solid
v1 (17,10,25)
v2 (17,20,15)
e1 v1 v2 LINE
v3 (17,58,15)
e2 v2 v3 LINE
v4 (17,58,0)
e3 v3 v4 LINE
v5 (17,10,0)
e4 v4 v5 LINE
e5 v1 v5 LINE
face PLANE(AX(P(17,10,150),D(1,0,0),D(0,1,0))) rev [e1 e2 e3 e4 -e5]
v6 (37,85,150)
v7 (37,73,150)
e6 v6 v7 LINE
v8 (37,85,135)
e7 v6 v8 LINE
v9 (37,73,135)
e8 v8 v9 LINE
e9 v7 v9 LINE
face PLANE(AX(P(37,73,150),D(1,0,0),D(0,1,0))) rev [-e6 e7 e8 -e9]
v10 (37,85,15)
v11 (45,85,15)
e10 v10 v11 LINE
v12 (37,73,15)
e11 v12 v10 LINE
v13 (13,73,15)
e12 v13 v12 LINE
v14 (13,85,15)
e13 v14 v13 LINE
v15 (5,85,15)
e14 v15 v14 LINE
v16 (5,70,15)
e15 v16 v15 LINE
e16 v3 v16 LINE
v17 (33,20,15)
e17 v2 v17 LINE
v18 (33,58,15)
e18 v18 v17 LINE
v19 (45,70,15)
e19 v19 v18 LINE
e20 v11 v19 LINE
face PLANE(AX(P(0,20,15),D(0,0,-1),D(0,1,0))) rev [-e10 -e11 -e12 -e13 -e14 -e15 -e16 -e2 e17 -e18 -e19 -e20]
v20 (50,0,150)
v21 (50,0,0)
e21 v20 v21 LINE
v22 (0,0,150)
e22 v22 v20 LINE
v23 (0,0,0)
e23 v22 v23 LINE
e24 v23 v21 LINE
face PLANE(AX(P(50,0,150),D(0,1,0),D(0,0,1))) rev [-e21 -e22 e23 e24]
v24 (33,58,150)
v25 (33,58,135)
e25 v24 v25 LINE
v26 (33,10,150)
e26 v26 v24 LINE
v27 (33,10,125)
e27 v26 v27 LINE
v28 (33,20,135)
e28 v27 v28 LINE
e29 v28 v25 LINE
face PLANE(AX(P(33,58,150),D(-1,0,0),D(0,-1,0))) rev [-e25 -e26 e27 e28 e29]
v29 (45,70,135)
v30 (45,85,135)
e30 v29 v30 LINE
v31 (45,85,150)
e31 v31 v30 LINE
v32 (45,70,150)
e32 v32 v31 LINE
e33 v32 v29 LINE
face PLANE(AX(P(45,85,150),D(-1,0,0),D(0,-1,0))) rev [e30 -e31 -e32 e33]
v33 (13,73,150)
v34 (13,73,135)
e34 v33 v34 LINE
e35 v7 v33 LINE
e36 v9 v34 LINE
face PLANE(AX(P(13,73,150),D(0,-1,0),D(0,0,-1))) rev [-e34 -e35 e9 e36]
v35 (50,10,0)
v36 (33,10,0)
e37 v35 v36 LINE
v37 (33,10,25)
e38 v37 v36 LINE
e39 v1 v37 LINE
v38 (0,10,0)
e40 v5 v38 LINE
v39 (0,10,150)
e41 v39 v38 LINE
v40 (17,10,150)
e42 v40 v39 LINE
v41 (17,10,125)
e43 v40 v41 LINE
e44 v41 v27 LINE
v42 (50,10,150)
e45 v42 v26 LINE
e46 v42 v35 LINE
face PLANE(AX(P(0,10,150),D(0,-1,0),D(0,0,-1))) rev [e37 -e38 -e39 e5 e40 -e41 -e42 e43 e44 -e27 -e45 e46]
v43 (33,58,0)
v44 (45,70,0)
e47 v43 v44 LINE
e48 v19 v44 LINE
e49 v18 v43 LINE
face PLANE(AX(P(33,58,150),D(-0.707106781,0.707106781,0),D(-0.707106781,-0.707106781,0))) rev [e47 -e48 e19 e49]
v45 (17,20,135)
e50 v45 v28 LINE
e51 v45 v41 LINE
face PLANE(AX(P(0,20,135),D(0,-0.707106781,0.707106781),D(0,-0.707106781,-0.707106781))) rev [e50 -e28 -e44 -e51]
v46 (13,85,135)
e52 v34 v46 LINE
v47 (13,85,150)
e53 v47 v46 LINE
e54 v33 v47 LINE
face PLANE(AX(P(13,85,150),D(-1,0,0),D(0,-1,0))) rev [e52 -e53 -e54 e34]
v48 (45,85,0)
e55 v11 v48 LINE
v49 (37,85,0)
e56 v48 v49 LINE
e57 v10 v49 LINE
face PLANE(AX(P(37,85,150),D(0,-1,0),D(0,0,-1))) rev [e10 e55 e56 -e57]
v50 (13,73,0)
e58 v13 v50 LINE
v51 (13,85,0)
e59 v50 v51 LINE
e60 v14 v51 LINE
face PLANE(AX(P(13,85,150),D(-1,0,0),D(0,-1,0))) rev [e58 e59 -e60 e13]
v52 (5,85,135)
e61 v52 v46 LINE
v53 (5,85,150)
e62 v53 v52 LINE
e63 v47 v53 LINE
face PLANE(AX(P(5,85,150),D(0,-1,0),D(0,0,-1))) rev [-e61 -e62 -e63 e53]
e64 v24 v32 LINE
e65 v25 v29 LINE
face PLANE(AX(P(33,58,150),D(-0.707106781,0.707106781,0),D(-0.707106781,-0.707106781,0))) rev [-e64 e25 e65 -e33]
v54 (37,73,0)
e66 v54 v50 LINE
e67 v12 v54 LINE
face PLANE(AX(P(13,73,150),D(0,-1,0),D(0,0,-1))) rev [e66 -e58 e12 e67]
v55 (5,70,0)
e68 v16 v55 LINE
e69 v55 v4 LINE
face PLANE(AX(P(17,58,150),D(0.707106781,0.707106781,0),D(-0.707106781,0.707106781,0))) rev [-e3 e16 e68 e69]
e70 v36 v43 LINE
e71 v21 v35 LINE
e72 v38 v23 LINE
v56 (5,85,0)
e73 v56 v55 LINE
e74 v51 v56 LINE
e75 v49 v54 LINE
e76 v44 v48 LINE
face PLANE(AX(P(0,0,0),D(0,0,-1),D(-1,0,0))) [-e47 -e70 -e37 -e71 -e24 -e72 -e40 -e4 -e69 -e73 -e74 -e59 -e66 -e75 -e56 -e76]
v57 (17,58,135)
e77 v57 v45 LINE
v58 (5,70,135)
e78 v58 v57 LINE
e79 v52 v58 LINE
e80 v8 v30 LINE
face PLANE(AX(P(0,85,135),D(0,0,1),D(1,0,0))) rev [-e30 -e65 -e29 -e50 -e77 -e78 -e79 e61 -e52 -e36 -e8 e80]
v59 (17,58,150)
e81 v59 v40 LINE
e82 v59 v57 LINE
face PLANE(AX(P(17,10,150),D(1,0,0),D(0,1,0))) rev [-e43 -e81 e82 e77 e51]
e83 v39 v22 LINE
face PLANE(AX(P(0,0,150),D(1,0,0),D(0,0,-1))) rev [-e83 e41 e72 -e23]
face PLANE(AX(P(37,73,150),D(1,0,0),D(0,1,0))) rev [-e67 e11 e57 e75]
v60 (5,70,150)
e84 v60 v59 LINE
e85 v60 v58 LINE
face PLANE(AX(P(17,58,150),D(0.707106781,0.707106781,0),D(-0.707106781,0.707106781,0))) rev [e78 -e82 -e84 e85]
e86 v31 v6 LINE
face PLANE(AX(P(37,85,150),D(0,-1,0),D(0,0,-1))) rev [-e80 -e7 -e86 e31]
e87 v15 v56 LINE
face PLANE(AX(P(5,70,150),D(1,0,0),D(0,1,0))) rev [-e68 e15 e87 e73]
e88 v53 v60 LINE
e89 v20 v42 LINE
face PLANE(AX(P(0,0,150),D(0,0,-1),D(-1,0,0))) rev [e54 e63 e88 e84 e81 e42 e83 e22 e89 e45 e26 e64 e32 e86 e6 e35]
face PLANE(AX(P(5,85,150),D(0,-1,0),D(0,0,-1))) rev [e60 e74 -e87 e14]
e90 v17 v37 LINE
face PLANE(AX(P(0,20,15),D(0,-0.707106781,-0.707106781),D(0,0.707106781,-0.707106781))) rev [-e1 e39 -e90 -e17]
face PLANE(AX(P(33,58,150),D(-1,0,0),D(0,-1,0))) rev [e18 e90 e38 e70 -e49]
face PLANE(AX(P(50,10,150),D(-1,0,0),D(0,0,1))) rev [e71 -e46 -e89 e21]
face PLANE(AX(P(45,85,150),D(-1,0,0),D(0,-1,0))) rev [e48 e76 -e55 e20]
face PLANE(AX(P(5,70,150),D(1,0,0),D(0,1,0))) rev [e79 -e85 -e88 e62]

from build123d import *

# Parameters (mm, degrees)
EXTRUDE_2_DEPTH     = 150
CUT_EXTRUDE_2_DEPTH = 180.51323071


with BuildPart() as part:
    # 草图3 → 凸台-拉伸2 (new body)
    with BuildSketch(Plane.XY):
        Polygon((0, 0), (0, 10), (17, 10), (17, 58), (5, 70), (5, 85), (13, 85), (13, 73), (37, 73), (37, 85), (45, 85), (45, 70), (33, 58), (33, 10), (50, 10), (50, 0), align=None)
    extrude(amount=EXTRUDE_2_DEPTH)

    # 草图4 → 切除-拉伸2 (cut, through all)
    with BuildSketch(Plane(origin=(50, 0, 0), x_dir=(0, 0, -1), z_dir=(1, 0, 0))):
        Polygon((-135, 85), (-135, 20), (-125, 10), (-25, 10), (-15, 20), (-15, 85), align=None)
    extrude(amount=-CUT_EXTRUDE_2_DEPTH, mode=Mode.SUBTRACT)


solid = part.part
